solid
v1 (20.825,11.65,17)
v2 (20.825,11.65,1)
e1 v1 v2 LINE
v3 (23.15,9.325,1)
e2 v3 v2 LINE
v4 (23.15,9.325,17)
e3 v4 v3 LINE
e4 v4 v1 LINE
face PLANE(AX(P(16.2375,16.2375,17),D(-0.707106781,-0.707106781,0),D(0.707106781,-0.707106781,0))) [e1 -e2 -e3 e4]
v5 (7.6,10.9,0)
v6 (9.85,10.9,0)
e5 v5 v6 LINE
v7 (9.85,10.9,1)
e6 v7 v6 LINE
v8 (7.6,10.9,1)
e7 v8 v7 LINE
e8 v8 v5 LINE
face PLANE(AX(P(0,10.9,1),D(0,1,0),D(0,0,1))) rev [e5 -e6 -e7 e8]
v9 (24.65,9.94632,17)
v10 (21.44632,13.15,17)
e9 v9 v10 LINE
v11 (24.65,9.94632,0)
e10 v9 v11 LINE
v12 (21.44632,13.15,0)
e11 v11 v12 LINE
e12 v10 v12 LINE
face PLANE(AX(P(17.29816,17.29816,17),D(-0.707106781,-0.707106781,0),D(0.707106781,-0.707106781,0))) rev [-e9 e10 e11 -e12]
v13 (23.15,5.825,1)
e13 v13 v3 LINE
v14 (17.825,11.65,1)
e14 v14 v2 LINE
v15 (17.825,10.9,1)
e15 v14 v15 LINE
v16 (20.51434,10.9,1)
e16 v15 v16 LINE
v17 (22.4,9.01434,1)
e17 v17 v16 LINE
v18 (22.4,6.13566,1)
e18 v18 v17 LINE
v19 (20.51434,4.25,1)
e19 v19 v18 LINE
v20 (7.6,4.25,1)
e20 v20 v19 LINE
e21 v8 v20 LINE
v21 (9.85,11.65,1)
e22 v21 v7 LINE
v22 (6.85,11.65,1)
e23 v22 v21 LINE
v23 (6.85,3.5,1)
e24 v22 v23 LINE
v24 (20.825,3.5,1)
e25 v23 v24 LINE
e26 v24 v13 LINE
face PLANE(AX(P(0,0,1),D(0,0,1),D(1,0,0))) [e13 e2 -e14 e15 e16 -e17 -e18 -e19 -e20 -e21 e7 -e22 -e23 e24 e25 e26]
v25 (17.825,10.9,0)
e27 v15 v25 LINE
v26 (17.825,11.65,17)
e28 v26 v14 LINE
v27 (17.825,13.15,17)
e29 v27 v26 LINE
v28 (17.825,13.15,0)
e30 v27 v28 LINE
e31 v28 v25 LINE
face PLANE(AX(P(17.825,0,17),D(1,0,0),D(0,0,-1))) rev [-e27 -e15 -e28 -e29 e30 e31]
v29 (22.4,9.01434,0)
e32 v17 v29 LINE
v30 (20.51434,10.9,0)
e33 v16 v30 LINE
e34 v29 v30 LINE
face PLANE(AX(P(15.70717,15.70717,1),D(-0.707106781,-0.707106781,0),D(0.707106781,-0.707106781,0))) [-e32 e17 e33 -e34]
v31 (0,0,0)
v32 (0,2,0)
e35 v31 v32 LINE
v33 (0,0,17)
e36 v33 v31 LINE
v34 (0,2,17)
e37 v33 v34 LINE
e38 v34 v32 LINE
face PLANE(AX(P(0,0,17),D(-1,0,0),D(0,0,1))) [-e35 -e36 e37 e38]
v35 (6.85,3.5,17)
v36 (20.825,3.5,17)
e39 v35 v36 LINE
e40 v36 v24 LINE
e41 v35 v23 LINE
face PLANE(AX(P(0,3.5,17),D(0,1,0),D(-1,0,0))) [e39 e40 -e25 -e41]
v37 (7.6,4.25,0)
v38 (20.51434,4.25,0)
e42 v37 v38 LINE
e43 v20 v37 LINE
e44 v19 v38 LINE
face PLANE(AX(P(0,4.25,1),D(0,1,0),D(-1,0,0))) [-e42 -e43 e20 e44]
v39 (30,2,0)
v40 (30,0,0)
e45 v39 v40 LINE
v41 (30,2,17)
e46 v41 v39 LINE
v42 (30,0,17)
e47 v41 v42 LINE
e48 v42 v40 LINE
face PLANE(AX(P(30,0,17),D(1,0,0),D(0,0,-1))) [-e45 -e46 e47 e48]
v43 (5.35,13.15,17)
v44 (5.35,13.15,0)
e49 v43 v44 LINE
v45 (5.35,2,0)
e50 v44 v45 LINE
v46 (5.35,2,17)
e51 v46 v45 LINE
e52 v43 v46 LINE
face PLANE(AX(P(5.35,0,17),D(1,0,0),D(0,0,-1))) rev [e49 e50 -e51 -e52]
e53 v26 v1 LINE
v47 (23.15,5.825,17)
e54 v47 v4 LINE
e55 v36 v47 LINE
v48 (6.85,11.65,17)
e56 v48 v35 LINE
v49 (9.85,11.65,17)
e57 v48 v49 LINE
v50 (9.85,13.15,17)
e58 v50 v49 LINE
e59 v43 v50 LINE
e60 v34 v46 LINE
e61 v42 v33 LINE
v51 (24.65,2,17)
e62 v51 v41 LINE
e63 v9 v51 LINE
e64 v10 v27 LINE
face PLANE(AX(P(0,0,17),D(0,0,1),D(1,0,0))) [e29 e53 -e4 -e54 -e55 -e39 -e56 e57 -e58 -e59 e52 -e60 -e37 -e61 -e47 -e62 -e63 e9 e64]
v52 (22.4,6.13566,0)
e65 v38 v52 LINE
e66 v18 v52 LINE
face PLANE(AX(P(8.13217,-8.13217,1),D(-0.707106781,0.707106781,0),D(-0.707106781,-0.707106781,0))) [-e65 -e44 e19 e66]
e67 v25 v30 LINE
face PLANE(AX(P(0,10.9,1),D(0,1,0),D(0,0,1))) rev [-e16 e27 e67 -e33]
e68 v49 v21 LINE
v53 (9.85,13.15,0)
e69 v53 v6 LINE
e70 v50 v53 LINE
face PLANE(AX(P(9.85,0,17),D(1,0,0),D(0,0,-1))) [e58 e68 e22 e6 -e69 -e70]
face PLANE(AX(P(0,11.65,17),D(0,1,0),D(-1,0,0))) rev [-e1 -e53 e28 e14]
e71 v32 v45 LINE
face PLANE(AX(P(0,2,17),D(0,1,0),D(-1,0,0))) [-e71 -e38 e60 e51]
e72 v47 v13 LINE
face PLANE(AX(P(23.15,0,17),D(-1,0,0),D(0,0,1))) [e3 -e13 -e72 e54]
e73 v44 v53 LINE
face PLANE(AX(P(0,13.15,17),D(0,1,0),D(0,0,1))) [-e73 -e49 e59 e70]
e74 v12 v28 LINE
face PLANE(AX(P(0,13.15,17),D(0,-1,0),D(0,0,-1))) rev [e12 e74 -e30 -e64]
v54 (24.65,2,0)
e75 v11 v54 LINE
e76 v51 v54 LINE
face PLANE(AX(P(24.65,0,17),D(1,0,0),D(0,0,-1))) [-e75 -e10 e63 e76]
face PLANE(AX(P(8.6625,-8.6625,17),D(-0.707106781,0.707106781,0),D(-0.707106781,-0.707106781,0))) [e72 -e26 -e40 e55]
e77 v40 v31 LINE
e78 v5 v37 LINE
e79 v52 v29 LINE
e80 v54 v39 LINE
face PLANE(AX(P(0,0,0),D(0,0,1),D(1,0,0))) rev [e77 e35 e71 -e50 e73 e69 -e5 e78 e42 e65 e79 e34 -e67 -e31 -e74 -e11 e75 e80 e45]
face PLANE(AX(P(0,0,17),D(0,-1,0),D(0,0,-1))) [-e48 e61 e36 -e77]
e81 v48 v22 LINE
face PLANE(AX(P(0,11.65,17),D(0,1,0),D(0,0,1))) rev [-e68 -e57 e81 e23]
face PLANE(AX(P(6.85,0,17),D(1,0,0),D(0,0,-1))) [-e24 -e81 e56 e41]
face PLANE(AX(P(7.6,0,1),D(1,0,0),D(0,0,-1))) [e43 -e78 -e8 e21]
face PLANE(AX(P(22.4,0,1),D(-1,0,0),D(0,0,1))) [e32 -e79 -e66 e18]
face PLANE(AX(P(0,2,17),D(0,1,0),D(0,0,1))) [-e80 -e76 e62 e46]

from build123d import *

# Parameters (mm, degrees)
EXTRUDE_1285_DEPTH = 17
EXTRUDE_1381_DEPTH = 1


with BuildPart() as part:
    # Sketch 270 → Extrude 1285 (new body)
    with BuildSketch(Plane.XY):
        Polygon((9.85, 13.15), (5.35, 13.15), (5.35, 2), (0, 2), (0, 0), (30, 0), (30, 2), (24.65, 2), (24.65, 9.946320344), (21.446320344, 13.15), (17.825, 13.15), (17.825, 11.65), (20.825, 11.65), (23.15, 9.325), (23.15, 5.825), (20.825, 3.5), (6.85, 3.5), (6.85, 11.65), (9.85, 11.65), align=None)
    extrude(amount=EXTRUDE_1285_DEPTH)

    # Эскиз1<6> → Extrude 1381 (add)
    with BuildSketch(Plane.XY):
        Polygon((9.85, 10.9), (9.85, 11.65), (6.85, 11.65), (6.85, 3.5), (20.825, 3.5), (23.15, 5.825), (23.15, 9.325), (20.825, 11.65), (17.825, 11.65), (17.825, 10.9), (20.514339828, 10.9), (22.4, 9.014339828), (22.4, 6.135660172), (20.514339828, 4.25), (7.6, 4.25), (7.6, 10.9), align=None)
    extrude(amount=EXTRUDE_1381_DEPTH)


solid = part.part
